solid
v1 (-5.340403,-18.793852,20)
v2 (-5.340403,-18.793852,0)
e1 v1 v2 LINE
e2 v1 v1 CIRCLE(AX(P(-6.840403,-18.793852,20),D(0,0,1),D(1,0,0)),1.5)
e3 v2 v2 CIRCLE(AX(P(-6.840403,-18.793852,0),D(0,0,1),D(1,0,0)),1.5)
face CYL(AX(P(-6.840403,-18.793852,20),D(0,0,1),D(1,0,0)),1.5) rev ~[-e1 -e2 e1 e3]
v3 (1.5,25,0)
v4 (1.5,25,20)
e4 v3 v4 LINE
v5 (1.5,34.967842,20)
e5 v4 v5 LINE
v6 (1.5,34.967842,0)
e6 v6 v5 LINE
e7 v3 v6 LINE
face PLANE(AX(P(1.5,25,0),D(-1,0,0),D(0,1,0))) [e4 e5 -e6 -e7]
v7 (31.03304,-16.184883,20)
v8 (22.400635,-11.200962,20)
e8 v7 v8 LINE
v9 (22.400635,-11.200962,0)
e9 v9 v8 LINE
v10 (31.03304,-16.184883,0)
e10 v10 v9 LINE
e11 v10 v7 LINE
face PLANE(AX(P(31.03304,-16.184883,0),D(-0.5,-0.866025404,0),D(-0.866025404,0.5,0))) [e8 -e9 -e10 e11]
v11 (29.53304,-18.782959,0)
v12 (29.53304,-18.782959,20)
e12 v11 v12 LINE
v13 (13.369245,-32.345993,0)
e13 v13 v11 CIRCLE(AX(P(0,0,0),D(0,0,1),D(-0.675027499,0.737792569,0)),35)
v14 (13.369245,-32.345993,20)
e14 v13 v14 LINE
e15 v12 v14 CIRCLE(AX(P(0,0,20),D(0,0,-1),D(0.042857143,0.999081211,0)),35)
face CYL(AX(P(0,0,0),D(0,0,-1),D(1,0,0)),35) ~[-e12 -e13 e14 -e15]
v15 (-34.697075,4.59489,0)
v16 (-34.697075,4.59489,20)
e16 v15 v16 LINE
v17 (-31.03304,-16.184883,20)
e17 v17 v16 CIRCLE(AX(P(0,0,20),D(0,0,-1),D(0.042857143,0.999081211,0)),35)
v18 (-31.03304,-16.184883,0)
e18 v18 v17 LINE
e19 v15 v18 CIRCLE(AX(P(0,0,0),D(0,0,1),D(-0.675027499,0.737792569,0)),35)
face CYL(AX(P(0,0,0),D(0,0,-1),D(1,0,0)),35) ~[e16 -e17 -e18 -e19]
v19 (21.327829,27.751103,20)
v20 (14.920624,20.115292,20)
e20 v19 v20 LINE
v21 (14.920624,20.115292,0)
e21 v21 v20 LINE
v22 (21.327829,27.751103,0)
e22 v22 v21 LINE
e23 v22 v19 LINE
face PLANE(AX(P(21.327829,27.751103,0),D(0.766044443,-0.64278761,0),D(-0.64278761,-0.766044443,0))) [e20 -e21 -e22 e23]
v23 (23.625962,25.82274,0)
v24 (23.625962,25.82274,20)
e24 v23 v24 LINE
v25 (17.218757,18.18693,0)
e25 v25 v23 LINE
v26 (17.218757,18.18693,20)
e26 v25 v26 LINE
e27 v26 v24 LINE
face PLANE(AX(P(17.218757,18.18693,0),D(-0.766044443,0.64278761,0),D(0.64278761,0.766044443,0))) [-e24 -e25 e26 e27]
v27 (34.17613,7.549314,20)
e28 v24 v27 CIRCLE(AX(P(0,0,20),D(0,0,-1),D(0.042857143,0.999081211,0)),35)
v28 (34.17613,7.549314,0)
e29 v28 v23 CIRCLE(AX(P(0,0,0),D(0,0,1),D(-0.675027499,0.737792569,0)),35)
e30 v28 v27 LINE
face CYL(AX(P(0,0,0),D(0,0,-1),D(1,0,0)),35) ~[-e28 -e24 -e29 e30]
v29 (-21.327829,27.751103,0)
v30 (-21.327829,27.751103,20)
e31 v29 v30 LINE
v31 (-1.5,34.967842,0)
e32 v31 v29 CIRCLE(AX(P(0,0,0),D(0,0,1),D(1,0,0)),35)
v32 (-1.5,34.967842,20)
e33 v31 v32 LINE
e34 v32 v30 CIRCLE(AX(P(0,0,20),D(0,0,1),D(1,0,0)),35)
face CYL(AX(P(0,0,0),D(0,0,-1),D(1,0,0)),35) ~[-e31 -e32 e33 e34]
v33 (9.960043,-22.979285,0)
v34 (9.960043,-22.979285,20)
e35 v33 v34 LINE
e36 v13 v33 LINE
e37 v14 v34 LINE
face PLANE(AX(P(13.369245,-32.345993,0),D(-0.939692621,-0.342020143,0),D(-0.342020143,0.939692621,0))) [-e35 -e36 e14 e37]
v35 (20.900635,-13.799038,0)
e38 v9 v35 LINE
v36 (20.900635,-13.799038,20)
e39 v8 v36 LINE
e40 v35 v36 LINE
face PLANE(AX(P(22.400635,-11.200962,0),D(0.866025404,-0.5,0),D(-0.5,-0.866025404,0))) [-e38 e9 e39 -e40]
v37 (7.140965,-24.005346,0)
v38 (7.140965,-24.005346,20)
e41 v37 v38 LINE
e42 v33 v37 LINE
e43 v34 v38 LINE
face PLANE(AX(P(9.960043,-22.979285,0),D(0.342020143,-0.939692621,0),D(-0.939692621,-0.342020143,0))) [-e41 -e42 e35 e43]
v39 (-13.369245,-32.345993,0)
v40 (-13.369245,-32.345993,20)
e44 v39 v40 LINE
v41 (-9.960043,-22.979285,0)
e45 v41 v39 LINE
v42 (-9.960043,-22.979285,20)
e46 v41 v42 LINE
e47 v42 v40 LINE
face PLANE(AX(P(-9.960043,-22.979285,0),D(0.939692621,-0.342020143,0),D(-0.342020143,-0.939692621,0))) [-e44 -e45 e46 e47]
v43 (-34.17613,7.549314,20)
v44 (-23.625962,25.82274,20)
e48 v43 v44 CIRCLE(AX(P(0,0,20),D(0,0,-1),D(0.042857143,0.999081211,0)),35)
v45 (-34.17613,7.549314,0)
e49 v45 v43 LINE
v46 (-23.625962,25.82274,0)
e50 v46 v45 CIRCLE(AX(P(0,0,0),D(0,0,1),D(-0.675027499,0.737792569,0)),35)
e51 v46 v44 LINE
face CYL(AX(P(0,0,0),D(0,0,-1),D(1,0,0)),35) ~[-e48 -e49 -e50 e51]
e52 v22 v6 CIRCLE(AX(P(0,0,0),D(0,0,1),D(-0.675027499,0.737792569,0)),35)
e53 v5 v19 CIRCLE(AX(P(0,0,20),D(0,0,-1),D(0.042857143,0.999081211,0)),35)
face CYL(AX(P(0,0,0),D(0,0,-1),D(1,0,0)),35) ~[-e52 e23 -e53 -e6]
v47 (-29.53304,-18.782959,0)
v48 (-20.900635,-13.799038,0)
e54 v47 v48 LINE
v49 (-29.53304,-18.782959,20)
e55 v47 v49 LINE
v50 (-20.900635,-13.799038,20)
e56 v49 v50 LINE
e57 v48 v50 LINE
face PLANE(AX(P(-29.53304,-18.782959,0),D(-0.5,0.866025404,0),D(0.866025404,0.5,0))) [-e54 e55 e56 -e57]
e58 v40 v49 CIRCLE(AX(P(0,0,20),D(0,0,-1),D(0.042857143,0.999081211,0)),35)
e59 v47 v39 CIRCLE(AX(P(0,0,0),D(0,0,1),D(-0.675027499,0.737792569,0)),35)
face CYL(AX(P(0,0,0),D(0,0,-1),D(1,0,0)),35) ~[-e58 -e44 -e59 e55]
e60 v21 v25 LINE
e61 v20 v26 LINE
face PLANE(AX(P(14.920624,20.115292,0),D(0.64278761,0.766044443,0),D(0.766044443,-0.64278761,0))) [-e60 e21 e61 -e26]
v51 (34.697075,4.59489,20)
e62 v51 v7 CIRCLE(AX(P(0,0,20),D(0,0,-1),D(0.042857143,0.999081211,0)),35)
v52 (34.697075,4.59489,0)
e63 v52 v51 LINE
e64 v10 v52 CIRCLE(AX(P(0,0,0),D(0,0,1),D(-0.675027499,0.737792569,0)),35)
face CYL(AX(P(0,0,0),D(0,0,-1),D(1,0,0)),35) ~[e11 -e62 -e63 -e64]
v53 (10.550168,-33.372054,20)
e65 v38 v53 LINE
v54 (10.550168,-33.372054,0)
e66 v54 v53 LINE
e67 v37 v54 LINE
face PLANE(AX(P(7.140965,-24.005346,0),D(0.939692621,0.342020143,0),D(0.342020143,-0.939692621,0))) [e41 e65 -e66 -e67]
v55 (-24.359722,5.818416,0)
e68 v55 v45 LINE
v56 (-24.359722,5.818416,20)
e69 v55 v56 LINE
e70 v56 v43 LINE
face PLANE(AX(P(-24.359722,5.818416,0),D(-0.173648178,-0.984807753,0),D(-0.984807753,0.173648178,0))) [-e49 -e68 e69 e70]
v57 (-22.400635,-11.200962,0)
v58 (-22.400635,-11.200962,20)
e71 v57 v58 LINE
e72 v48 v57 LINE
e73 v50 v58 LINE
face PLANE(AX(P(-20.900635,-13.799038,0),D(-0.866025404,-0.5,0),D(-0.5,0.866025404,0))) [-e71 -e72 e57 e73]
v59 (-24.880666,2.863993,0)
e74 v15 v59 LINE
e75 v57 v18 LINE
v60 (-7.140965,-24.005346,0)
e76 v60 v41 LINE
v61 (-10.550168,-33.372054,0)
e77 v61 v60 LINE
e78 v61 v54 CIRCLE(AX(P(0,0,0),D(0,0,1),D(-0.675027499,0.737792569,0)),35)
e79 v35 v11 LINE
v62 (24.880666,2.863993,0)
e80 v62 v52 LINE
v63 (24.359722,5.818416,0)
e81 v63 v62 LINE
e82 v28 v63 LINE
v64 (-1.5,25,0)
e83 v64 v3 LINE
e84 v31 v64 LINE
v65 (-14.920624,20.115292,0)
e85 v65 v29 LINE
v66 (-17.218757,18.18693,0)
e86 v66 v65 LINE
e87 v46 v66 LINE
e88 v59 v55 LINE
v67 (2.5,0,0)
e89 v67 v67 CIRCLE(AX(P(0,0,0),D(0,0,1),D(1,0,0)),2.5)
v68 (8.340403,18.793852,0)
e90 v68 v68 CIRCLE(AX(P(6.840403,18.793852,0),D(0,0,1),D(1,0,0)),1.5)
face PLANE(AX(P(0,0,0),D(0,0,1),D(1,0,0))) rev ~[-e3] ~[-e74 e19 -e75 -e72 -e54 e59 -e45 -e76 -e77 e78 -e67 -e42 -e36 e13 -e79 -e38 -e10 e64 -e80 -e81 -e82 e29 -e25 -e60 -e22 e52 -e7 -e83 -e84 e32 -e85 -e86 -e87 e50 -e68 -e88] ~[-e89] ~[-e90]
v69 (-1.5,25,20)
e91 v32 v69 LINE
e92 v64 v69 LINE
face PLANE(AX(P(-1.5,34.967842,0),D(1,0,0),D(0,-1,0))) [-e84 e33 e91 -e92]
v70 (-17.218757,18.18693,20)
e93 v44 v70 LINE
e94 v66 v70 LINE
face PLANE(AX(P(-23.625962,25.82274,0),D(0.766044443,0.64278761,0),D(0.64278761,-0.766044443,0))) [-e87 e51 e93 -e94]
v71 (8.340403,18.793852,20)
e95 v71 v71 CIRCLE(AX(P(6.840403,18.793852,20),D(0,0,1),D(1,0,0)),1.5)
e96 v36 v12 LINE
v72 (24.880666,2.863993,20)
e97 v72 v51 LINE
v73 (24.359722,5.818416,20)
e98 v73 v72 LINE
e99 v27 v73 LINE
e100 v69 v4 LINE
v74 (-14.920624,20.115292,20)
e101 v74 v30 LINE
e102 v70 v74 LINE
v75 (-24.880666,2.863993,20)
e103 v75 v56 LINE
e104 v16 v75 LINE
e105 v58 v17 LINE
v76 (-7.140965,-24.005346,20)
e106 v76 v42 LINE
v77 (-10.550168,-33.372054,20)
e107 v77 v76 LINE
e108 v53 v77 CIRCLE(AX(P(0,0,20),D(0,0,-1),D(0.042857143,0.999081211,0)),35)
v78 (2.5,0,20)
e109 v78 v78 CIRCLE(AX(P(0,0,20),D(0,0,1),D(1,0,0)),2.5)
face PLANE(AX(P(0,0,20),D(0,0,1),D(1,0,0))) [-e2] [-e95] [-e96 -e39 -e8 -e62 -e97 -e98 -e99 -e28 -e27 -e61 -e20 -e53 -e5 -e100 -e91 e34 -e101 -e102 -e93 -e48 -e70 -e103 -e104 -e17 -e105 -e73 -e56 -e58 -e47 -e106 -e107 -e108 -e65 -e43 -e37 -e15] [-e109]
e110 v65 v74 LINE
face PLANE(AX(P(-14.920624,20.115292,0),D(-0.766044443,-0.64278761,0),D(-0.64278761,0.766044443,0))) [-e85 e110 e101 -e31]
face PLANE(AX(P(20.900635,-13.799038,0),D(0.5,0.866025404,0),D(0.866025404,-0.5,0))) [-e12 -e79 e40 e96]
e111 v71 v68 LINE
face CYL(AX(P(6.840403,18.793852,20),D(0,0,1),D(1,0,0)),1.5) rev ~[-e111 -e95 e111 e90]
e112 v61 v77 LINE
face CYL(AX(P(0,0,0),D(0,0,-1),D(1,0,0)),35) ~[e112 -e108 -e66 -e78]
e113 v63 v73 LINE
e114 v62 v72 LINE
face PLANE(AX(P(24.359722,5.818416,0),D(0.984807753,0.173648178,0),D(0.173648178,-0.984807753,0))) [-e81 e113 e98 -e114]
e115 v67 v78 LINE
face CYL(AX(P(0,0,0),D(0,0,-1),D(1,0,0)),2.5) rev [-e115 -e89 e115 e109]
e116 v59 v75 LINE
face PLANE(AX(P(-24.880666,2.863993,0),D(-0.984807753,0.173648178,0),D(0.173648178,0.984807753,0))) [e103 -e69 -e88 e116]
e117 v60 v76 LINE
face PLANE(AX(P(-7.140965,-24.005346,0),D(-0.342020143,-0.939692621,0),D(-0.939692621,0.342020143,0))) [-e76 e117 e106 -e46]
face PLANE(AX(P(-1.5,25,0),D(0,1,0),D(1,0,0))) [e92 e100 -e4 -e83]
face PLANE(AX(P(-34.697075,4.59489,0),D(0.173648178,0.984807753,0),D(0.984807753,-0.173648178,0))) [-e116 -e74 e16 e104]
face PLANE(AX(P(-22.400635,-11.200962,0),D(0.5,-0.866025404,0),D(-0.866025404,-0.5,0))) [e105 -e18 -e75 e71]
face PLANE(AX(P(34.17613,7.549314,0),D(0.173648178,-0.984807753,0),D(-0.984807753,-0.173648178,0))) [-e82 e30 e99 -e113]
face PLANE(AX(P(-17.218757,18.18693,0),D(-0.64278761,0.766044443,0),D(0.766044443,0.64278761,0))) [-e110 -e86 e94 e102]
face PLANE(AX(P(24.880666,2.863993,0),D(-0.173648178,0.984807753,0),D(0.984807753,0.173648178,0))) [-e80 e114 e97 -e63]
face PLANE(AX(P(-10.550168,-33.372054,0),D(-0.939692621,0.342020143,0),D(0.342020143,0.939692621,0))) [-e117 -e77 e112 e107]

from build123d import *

# Parameters (mm, degrees)
SKETCH_1_R               = 35
SKETCH_1_R_2             = 2.5
EXTRUDE_1_DEPTH          = 20
CUT_EXTRUDE_START        = -20
CUT_EXTRUDE_1_DEPTH      = 20
PATTERN_CIRCULAR_1_COUNT = 9
SKETCH_3_R               = 1.5
CUT_EXTRUDE_2_DEPTH      = 20


with BuildPart() as part:
    # 草图1 → 凸台-拉伸1 (new body)
    with BuildSketch(Plane.XY):
        Circle(SKETCH_1_R)
        Circle(SKETCH_1_R_2, mode=Mode.SUBTRACT)
    extrude(amount=EXTRUDE_1_DEPTH)

    # 草图2 → 切除-拉伸1 (cut)
    with BuildSketch(Plane.XY.offset(20).offset(CUT_EXTRUDE_START)):
        with BuildLine():
            Line((-1.5, 25), (1.5, 25))
            Line((1.5, 25), (1.5, 34.96784237))
            ThreePointArc((1.5, 34.96784237), (0, 35), (-1.5, 34.96784237))
            Line((-1.5, 34.96784237), (-1.5, 25))
        make_face()
    cut_extrude_1 = extrude(amount=CUT_EXTRUDE_1_DEPTH, mode=Mode.SUBTRACT)

    # 阵列(圆周)1: 切除-拉伸1 ×9 about axis
    pattern_circular_1_axis = Axis((0, 0, 0), (0, 0, 1))
    for i in range(1, PATTERN_CIRCULAR_1_COUNT):
        add(cut_extrude_1.rotate(pattern_circular_1_axis, i * 360 / PATTERN_CIRCULAR_1_COUNT), mode=Mode.SUBTRACT)

    # 草图3 → 切除-拉伸2 (cut)
    with BuildSketch(Plane.XY.offset(20)):
        with Locations((6.840402867, 18.793852416)):
            Circle(SKETCH_3_R)
        with Locations((-6.840402867, -18.793852416)):
            Circle(SKETCH_3_R)
    extrude(amount=-CUT_EXTRUDE_2_DEPTH, mode=Mode.SUBTRACT)


solid = part.part
